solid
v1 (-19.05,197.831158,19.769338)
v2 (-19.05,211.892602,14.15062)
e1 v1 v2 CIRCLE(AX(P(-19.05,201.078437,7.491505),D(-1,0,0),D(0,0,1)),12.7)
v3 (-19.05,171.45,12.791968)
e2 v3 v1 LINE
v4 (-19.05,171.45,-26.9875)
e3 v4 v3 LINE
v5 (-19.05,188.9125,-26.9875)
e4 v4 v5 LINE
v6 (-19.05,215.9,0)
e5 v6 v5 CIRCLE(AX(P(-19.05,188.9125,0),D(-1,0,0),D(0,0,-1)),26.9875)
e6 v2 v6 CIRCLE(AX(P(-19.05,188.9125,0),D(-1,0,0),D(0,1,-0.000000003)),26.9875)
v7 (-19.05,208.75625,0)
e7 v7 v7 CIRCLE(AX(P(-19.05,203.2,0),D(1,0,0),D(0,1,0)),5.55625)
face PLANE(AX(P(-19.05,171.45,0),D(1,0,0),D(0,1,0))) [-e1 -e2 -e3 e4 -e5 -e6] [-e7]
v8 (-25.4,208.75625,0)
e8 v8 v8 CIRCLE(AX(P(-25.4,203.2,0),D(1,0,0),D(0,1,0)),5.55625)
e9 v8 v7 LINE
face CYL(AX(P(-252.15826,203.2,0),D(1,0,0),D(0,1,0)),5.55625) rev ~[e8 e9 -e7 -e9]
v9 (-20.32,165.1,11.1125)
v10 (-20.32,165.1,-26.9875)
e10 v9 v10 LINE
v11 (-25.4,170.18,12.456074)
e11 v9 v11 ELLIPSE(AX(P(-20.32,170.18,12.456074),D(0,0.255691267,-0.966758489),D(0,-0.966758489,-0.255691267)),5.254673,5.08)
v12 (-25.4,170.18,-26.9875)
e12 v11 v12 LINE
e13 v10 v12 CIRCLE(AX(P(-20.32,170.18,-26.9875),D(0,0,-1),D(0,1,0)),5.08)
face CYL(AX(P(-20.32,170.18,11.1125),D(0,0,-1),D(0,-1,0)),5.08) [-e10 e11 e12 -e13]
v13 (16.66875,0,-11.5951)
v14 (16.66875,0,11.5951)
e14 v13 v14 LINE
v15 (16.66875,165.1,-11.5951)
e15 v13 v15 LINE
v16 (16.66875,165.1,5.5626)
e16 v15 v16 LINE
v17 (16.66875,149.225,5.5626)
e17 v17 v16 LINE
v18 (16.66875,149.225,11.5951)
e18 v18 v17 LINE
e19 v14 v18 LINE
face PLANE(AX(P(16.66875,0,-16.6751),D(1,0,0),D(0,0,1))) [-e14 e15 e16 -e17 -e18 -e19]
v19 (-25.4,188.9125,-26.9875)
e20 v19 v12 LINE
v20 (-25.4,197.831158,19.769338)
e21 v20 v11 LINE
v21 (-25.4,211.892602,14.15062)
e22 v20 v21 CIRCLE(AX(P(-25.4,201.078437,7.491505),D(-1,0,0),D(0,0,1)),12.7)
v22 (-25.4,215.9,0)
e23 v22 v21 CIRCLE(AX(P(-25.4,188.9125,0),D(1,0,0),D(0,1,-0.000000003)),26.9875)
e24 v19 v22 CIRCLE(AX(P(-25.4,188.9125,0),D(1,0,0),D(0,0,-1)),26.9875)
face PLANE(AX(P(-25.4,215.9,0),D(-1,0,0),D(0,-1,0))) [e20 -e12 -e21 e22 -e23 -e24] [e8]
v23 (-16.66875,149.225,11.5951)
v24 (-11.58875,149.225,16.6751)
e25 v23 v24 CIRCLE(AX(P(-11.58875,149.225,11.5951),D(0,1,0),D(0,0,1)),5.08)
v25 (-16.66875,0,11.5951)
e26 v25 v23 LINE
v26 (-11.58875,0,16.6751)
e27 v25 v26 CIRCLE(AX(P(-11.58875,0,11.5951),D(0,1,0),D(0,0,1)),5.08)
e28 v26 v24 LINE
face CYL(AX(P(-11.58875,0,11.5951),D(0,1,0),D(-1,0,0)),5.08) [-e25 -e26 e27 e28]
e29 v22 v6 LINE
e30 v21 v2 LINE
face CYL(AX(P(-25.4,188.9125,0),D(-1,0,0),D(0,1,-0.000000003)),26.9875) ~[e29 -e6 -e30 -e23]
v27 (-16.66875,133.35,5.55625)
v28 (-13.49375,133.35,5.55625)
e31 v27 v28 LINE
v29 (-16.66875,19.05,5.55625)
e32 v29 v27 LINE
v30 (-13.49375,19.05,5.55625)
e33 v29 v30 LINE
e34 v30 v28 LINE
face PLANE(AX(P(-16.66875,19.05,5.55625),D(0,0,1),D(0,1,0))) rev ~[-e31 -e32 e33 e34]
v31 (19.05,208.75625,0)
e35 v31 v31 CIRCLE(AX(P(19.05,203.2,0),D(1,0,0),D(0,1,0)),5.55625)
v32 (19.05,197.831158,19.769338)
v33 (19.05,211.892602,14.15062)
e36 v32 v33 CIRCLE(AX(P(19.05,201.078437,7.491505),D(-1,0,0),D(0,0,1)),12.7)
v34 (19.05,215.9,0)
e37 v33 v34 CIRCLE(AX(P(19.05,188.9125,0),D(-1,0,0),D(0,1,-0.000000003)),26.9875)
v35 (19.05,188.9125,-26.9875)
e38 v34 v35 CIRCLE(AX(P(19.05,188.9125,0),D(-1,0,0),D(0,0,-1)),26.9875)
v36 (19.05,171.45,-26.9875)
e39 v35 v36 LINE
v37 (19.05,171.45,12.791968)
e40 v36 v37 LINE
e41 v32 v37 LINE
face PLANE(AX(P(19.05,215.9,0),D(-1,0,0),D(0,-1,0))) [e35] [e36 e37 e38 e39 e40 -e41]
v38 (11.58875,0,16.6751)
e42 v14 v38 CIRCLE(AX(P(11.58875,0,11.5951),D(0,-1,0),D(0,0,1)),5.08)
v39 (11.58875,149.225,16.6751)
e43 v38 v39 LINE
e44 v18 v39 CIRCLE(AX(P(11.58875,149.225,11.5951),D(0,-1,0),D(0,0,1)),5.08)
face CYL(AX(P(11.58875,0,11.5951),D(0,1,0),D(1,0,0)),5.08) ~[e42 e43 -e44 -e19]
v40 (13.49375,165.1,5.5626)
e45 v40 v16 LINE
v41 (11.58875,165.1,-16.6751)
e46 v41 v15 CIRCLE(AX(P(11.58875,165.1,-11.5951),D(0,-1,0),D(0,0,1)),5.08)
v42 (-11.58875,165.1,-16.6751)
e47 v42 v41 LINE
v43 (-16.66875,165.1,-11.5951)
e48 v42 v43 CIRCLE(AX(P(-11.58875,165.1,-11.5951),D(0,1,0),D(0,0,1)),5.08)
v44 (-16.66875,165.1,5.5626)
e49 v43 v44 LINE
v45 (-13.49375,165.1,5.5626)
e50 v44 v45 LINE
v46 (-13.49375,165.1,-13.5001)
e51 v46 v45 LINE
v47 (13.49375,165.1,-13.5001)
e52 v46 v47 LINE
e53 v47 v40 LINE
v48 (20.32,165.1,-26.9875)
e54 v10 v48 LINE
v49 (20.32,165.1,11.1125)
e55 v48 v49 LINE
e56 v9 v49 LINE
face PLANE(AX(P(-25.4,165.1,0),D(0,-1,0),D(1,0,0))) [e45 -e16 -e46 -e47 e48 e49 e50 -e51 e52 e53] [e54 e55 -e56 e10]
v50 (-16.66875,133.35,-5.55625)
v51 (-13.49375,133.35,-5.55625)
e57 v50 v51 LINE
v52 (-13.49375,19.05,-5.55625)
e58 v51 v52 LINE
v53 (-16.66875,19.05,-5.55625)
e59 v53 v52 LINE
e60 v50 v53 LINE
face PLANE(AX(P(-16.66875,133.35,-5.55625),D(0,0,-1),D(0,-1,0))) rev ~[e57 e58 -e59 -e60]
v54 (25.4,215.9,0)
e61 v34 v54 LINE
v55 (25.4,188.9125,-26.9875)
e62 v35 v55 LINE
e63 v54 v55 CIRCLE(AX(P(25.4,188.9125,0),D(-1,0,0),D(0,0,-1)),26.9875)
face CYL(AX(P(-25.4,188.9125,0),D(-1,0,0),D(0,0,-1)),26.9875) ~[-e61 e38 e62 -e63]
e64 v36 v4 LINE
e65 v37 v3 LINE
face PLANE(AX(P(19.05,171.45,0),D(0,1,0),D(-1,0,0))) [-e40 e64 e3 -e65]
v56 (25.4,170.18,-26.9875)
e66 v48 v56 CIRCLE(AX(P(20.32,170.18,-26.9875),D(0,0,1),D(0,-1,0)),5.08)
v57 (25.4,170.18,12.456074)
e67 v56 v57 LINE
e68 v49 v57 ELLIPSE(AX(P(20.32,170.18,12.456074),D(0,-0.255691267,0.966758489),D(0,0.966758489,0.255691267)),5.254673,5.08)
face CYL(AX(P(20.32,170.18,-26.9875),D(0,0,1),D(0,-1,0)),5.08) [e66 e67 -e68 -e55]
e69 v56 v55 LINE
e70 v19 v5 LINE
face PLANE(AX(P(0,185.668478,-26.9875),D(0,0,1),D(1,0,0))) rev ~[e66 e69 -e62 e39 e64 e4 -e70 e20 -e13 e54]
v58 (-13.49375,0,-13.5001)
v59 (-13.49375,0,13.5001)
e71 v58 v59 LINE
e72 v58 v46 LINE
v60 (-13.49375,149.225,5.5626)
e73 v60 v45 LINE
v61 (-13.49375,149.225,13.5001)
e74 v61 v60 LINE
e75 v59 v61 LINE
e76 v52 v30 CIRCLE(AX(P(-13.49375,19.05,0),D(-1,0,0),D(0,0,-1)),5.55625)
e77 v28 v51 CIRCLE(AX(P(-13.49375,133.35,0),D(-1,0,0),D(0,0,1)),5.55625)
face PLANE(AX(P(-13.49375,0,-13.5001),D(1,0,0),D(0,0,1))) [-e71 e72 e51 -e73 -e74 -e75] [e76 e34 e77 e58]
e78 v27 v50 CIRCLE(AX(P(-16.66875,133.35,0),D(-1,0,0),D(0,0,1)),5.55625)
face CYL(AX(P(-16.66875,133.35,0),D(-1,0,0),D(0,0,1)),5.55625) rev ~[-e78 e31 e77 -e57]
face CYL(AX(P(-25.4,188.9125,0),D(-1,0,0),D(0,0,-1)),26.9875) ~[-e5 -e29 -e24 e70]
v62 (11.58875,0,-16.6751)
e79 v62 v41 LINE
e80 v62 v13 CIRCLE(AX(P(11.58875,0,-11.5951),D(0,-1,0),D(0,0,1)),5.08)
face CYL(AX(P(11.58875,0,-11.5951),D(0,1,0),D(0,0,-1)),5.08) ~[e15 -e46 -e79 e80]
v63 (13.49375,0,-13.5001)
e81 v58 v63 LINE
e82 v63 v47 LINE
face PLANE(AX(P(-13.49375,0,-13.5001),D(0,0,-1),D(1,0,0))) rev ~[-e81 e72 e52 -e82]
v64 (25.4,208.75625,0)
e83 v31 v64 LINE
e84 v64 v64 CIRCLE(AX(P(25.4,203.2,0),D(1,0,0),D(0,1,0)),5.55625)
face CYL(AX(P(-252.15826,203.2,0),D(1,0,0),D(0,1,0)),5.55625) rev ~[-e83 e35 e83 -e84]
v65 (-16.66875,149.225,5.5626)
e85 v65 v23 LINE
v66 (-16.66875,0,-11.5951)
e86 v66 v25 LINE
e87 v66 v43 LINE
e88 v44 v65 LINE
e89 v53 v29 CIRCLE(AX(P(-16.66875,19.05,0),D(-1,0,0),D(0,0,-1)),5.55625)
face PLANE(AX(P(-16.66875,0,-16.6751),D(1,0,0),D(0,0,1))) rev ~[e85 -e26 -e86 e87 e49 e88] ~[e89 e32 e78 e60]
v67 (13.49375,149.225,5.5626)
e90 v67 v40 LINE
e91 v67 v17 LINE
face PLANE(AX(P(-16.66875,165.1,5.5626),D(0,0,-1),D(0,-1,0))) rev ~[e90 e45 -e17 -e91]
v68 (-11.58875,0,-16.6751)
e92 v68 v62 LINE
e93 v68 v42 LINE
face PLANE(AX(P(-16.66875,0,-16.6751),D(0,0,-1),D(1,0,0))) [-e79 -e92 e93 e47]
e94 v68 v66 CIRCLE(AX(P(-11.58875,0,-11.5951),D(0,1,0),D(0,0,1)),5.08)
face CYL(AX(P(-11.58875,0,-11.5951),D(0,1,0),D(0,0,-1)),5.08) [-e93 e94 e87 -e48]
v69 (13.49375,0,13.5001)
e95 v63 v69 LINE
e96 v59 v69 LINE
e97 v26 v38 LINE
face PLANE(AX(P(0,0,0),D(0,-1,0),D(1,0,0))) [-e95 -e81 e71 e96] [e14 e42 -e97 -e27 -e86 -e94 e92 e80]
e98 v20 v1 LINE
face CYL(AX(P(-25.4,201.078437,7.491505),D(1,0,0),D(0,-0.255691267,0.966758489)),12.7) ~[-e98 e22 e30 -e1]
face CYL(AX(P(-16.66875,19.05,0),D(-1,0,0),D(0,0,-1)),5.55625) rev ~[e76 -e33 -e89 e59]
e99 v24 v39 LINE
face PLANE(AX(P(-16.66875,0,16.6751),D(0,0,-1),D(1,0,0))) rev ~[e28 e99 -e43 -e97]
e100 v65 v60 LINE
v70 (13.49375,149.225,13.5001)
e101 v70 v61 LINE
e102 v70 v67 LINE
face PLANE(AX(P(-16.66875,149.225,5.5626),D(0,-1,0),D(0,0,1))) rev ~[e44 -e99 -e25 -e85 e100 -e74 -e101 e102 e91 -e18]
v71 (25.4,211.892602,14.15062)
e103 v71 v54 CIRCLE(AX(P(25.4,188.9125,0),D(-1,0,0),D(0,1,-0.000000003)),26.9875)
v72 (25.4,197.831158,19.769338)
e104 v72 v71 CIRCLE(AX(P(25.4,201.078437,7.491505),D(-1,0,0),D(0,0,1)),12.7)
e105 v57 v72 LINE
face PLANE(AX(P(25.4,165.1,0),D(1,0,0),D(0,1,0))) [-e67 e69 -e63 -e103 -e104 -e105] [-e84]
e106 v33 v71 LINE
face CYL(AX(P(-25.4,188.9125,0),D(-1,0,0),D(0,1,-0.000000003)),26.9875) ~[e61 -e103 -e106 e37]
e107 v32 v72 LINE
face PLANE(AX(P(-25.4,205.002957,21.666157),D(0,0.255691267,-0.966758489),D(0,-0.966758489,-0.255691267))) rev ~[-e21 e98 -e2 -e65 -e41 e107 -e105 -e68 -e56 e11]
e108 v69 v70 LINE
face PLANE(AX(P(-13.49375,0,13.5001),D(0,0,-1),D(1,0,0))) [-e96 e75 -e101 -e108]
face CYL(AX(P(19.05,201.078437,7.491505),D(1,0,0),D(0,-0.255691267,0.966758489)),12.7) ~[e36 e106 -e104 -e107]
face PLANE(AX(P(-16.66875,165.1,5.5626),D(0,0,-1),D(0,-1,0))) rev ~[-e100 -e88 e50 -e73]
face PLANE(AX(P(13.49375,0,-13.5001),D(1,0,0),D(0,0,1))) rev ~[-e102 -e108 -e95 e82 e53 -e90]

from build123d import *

# Parameters (mm, degrees)
F0_W      = 33.3375
F0_H      = 33.3502
F0_W_2    = 26.9875
F0_H_2    = 27.0002
F1_DEPTH  = 165.1
F2_W      = 15.875
F2_H      = 11.1125
F3_DEPTH  = 33.3385
F5_DEPTH  = 26.9875
F7_DEPTH  = 50.801
F8_R      = 5.08
F9_R      = 12.7
F11_D     = 11.1125
F13_DEPTH = 3.175


with BuildPart() as f1:
    # F0 (on Front) → F1 (new body)
    with BuildSketch(Plane.XZ):
        Rectangle(F0_W, F0_H)
        Rectangle(F0_W_2, F0_H_2, mode=Mode.SUBTRACT)
    extrude(amount=-F1_DEPTH)

    # F2 (on face) → F3 (cut, through all)
    with BuildSketch(Plane(origin=(-16.66875, 0, 0), x_dir=(0, -1, 0), z_dir=(-1, 0, 0))):
        with Locations((-157.1625, 11.11885)):
            Rectangle(F2_W, F2_H)
    extrude(amount=-F3_DEPTH, mode=Mode.SUBTRACT)

    # F4 (on Top) → F5 (join, symmetric)
    with BuildSketch(Plane.XY):
        Polygon((-25.4, 165.1), (25.4, 165.1), (25.4, 215.9), (19.05, 215.9), (19.05, 171.45), (-19.05, 171.45), (-19.05, 215.9), (-25.4, 215.9), align=None)
    extrude(amount=F5_DEPTH, both=True)

    # F6 (on face) → F7 (cut, through all)
    with BuildSketch(Plane(origin=(-25.4, 0, 0), x_dir=(0, -1, 0), z_dir=(-1, 0, 0))):
        with BuildLine():
            ThreePointArc((-215.9, -7.09e-08), (-213.0223149727, 12.1260866825), (-205.002956628, 21.6661570601))
            Line((-205.002956628, 21.6661570601), (-165.1, 11.1125))
            Line((-165.1, 11.1125), (-165.1, 26.9875))
            Line((-165.1, 26.9875), (-215.9, 26.9875))
            Line((-215.9, 26.9875), (-215.9, -7.09e-08))
        make_face()
        with BuildLine():
            ThreePointArc((-188.9125, -26.9875), (-207.9955442322, -19.0830442823), (-215.9, -7.09e-08))
            Line((-215.9, -7.09e-08), (-215.9, -26.9875))
            Line((-215.9, -26.9875), (-188.9125, -26.9875))
        make_face()
    extrude(amount=-F7_DEPTH, mode=Mode.SUBTRACT)

    # F8
    f8_edges = [f1.edges().sort_by_distance(p)[0] for p in [
        (-25.4, 165.1, -7.9375),
        (25.4, 165.1, -7.9375),
        (-16.66875, 74.6125, 16.6751),
        (16.66875, 74.6125, 16.6751),
        (-16.66875, 82.55, -16.6751),
        (16.66875, 82.55, -16.6751),
    ]]
    fillet(f8_edges, radius=F8_R)

    # F9
    f9_edges = [f1.edges().sort_by_distance(p)[0] for p in [
        (22.225, 205.002957, 21.666157),
        (-22.225, 205.002957, 21.666157),
    ]]
    fillet(f9_edges, radius=F9_R)

    # F11 (through all)
    with Locations(Plane(origin=(-25.4, 0, 0), x_dir=(0, -1, 0), z_dir=(-1, 0, 0))):
        with Locations((-203.2, 0)):
            Hole(F11_D / 2)

    # F12 (on face) → F13 (cut, through all)
    with BuildSketch(Plane(origin=(-16.66875, 0, 0), x_dir=(0, -1, 0), z_dir=(-1, 0, 0))):
        with BuildLine():
            Line((-19.05, 5.55625), (-133.35, 5.55625))
            ThreePointArc((-133.35, 5.55625), (-138.90625, 0), (-133.35, -5.55625))
            Line((-133.35, -5.55625), (-19.05, -5.55625))
            ThreePointArc((-19.05, -5.55625), (-13.49375, 0), (-19.05, 5.55625))
        make_face()
    extrude(amount=-F13_DEPTH, mode=Mode.SUBTRACT)


solid = f1.part
